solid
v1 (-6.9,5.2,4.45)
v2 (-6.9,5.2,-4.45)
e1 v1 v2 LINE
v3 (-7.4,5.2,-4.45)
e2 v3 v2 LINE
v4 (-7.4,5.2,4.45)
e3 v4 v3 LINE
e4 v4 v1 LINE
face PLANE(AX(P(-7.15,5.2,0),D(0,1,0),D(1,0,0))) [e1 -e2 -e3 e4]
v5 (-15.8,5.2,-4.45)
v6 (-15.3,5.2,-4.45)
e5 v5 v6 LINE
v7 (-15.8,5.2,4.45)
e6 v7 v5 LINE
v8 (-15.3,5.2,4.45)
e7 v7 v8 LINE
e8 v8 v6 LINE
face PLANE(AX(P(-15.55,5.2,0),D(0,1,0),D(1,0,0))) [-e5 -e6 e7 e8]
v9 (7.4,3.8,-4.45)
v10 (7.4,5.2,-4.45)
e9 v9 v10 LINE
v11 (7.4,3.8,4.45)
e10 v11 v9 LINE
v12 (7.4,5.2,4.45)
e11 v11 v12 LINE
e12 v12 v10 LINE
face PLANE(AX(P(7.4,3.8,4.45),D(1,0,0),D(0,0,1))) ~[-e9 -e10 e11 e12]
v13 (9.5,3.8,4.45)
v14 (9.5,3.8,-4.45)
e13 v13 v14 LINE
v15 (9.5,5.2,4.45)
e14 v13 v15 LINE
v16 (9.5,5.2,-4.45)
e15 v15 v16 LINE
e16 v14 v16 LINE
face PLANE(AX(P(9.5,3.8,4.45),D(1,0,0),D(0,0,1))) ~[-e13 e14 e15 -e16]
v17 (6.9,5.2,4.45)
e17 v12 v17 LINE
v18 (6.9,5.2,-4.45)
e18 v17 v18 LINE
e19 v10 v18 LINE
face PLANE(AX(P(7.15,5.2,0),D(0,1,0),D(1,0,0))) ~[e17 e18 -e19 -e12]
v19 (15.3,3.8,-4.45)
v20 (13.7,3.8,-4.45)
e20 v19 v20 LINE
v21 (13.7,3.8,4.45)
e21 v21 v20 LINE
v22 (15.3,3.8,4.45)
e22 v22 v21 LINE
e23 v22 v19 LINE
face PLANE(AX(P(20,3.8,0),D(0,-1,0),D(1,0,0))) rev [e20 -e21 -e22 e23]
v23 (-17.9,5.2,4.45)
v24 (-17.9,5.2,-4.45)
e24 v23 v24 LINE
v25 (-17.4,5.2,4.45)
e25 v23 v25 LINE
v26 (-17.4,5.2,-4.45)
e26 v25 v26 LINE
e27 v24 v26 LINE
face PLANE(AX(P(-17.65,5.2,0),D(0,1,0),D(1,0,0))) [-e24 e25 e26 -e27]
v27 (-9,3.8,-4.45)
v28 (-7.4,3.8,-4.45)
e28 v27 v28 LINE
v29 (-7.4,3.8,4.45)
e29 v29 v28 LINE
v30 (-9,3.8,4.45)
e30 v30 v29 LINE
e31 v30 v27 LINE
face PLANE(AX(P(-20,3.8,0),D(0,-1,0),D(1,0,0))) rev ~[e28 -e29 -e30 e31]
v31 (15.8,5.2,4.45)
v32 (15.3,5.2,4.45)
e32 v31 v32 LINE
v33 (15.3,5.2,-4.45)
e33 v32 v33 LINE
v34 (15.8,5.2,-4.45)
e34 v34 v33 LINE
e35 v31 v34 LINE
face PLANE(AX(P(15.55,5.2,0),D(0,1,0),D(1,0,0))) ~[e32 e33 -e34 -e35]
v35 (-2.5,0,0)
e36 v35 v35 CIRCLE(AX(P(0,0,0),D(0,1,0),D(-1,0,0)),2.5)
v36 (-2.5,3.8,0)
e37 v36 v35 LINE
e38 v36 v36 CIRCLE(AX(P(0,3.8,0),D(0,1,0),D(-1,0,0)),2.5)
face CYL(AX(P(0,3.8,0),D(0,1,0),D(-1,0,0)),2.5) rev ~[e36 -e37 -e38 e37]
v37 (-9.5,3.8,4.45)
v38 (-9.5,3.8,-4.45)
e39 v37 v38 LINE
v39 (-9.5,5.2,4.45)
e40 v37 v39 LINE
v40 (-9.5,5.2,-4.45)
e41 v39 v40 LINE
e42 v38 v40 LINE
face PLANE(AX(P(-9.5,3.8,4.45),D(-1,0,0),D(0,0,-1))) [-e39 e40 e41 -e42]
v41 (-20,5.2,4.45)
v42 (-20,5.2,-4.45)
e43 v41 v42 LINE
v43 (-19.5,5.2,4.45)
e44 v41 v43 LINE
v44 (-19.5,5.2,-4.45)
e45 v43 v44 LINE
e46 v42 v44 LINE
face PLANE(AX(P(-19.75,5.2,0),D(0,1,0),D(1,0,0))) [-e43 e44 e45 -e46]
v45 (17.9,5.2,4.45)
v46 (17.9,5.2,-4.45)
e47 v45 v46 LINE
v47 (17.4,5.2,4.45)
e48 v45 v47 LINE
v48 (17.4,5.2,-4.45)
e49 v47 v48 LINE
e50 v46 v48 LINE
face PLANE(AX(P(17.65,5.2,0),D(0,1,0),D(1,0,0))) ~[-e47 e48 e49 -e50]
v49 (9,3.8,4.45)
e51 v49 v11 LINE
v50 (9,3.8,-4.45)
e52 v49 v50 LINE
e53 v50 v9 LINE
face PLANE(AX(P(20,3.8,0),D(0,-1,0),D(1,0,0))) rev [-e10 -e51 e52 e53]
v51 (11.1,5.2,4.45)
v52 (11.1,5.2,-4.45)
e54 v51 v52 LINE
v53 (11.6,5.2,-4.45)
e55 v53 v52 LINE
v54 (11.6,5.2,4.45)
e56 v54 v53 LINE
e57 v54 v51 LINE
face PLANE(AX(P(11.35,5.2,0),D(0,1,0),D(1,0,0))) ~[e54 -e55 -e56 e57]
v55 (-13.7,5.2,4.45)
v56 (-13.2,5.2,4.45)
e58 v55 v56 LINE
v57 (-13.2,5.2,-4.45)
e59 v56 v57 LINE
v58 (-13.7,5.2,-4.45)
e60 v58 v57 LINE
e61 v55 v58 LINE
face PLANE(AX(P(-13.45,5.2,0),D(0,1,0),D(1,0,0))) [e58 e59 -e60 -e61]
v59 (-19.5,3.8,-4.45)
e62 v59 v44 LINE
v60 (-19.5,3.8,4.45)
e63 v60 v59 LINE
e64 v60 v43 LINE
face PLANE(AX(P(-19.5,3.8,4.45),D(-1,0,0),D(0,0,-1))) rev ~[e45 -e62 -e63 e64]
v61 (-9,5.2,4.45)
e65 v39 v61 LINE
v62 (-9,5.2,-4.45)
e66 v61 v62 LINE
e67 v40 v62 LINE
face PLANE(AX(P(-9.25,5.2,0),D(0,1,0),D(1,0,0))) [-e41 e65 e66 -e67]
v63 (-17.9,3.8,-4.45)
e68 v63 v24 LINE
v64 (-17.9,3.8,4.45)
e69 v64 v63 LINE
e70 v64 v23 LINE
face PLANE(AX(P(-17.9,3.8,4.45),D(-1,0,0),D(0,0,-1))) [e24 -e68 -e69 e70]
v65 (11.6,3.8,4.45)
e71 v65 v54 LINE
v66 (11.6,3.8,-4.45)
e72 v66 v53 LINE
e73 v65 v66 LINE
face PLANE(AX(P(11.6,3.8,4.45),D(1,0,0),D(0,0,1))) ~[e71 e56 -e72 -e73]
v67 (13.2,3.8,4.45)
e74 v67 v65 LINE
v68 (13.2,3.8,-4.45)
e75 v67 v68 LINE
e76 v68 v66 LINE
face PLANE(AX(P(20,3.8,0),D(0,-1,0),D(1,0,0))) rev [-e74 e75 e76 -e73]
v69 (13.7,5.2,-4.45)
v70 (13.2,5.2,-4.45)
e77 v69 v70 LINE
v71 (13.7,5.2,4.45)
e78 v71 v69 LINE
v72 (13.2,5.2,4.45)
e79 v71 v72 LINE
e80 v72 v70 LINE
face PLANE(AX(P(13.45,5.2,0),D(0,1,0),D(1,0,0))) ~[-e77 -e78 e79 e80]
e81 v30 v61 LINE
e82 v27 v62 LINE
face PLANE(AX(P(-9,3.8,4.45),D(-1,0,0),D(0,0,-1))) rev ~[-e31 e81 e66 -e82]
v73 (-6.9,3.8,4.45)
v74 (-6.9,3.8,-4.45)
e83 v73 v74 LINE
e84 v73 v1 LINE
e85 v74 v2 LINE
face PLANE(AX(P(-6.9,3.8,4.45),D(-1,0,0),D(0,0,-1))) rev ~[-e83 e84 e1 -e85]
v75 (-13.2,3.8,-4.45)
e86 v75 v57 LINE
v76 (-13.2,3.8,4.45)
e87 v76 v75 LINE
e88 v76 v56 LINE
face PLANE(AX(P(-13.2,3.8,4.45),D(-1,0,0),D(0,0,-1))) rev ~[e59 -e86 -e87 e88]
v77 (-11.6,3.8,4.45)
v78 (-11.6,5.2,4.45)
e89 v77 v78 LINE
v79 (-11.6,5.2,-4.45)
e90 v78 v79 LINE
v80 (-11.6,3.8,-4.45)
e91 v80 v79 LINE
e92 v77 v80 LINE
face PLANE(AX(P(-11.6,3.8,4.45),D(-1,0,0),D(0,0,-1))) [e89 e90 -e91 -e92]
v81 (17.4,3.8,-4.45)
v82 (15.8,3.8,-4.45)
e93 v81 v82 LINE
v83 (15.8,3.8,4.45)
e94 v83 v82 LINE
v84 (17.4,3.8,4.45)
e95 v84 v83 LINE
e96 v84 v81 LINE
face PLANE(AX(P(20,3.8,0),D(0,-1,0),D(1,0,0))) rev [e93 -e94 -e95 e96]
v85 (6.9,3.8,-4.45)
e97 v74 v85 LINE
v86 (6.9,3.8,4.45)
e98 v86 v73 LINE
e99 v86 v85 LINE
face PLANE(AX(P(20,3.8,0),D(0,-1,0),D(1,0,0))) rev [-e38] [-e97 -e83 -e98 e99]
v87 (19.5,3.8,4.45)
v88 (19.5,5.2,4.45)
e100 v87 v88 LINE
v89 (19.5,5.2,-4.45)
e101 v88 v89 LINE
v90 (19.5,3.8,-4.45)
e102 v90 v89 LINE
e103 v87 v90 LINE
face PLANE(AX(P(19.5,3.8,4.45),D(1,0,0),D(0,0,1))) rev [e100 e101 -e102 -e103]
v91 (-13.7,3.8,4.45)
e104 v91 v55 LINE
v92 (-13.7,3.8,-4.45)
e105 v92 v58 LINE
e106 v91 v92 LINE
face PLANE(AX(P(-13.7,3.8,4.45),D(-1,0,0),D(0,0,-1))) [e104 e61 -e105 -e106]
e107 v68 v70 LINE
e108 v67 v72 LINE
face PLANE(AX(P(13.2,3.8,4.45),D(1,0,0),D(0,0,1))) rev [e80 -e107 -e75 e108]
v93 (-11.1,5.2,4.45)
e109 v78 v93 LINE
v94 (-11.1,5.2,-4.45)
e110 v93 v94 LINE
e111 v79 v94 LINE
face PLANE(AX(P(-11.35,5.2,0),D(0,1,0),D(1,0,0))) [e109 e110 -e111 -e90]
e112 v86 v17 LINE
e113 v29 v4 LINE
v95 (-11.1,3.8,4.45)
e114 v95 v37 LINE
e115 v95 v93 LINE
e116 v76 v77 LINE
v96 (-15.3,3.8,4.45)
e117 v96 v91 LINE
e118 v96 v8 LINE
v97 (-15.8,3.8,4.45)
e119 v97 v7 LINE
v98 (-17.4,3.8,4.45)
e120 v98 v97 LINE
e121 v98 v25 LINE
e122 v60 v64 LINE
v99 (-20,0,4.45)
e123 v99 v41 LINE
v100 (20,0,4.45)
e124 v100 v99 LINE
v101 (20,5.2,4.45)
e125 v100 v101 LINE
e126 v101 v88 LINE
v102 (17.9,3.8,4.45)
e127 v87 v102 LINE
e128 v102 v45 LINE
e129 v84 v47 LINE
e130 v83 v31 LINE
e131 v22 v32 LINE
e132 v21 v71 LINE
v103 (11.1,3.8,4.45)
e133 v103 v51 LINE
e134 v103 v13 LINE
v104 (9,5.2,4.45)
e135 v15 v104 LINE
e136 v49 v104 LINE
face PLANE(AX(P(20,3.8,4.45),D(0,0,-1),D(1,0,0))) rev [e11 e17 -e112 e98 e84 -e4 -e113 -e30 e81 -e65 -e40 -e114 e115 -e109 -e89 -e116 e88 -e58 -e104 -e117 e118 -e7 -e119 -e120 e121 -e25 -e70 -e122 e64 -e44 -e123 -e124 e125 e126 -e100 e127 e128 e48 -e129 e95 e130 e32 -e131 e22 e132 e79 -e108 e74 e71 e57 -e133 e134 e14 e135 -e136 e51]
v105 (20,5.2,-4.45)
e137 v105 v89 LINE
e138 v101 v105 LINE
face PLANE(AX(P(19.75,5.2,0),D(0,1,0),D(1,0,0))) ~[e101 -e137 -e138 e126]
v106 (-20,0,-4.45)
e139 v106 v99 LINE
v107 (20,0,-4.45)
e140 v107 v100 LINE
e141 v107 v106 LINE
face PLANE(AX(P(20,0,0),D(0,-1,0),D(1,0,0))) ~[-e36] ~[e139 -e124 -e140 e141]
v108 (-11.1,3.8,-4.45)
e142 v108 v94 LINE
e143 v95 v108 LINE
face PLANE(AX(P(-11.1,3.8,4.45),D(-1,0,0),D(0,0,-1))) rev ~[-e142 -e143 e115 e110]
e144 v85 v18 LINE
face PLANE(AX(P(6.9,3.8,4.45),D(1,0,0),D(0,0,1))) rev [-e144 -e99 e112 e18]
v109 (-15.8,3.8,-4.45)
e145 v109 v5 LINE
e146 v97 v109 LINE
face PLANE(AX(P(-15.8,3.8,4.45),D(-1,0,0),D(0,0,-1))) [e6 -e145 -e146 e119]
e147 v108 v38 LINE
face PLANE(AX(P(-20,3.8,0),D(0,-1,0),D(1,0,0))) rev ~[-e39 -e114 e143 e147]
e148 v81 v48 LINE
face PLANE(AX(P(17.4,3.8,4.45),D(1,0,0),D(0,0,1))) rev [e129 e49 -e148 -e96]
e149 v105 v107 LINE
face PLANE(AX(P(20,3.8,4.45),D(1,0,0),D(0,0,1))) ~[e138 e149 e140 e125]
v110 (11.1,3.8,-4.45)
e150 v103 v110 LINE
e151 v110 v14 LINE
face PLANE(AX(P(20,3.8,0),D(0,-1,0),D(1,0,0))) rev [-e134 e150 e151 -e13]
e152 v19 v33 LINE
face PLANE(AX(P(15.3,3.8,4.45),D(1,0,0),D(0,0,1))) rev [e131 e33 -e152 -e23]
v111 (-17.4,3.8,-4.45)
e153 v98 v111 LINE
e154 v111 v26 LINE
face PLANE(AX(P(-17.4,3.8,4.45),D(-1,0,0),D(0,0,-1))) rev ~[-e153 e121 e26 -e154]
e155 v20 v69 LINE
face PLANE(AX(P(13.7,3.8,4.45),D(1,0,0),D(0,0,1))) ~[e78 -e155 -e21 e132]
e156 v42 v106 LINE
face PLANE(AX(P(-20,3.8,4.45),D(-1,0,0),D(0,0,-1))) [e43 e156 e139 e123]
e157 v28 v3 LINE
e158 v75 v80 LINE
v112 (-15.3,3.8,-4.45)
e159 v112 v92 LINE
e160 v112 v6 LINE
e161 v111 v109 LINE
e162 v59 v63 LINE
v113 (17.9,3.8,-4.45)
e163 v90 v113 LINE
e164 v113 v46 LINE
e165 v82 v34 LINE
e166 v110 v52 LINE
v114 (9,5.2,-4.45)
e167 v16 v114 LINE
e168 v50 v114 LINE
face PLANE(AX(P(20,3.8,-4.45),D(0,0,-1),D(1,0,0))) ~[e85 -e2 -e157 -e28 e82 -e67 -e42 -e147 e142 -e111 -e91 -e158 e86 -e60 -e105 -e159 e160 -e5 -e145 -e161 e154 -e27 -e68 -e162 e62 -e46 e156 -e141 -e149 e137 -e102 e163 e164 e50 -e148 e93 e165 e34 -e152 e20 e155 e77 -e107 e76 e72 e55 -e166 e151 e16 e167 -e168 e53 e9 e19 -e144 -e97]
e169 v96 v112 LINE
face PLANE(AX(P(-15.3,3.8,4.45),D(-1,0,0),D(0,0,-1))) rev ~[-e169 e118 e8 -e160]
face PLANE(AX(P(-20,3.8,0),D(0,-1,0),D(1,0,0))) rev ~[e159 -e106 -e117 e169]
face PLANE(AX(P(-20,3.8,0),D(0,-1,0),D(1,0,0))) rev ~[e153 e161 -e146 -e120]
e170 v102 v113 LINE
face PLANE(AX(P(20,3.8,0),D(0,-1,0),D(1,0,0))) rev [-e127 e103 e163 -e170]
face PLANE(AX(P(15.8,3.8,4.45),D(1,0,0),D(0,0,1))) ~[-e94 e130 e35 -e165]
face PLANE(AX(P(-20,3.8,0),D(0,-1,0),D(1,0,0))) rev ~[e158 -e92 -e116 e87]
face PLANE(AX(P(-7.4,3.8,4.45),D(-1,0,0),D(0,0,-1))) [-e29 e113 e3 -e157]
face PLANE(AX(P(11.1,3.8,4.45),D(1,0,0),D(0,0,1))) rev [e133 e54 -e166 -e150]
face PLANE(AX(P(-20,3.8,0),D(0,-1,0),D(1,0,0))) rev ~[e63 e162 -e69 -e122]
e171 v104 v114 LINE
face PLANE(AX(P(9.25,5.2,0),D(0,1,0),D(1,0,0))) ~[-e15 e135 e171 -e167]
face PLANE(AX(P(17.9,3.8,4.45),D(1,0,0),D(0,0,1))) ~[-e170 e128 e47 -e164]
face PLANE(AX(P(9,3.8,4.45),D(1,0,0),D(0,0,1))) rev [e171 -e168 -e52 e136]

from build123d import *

# Parameters (mm, degrees)
SKETCH1_W           = 20
SKETCH1_H           = 3.8
BOSS_EXTRUDE1_DEPTH = 4.45
SKETCH2_W           = 0.5
SKETCH2_H           = 8.9
BOSS_EXTRUDE2_DEPTH = 1.4
LPATTERN1_COUNT     = 7
LPATTERN1_PITCH     = 2.1
SKETCH3_R           = 2.5
CUT_EXTRUDE1_DEPTH  = 21.838486029


with BuildPart() as part:
    # Sketch1 → Boss-Extrude1 (new, symmetric)
    with BuildSketch(Plane.XY):
        with Locations((-10, 1.9)):
            Rectangle(SKETCH1_W, SKETCH1_H)
    extrude(amount=BOSS_EXTRUDE1_DEPTH, both=True)

    # Sketch2 → Boss-Extrude2 (add)
    with BuildSketch(Plane(origin=(0, 3.8, 0), x_dir=(1, 0, 0), z_dir=(0, 1, 0))):
        with Locations((-19.75, 0)):
            Rectangle(SKETCH2_W, SKETCH2_H)
    boss_extrude2 = extrude(amount=BOSS_EXTRUDE2_DEPTH)

    # LPattern1: Boss-Extrude2 ×7
    with Locations(*[(i * LPATTERN1_PITCH, 0, 0) for i in range(1, LPATTERN1_COUNT)]):
        add(boss_extrude2)

    # Mirror1: part across plane


with BuildPart() as part_1:
    add(part.part)
    add(part.part.mirror(Plane(origin=(0, 0, 4.45), x_dir=(0, 0, 1), z_dir=(-1, 0, 0))))

    # Sketch3 → Cut-Extrude1 (cut, through all)
    with BuildSketch(Plane(origin=(0, 3.8, 0), x_dir=(1, 0, 0), z_dir=(0, 1, 0))):
        with Locations(Location((0, 0, 0), (0, 0, 180))):
            Circle(SKETCH3_R)
    extrude(amount=-CUT_EXTRUDE1_DEPTH, mode=Mode.SUBTRACT)


solid = part_1.part
